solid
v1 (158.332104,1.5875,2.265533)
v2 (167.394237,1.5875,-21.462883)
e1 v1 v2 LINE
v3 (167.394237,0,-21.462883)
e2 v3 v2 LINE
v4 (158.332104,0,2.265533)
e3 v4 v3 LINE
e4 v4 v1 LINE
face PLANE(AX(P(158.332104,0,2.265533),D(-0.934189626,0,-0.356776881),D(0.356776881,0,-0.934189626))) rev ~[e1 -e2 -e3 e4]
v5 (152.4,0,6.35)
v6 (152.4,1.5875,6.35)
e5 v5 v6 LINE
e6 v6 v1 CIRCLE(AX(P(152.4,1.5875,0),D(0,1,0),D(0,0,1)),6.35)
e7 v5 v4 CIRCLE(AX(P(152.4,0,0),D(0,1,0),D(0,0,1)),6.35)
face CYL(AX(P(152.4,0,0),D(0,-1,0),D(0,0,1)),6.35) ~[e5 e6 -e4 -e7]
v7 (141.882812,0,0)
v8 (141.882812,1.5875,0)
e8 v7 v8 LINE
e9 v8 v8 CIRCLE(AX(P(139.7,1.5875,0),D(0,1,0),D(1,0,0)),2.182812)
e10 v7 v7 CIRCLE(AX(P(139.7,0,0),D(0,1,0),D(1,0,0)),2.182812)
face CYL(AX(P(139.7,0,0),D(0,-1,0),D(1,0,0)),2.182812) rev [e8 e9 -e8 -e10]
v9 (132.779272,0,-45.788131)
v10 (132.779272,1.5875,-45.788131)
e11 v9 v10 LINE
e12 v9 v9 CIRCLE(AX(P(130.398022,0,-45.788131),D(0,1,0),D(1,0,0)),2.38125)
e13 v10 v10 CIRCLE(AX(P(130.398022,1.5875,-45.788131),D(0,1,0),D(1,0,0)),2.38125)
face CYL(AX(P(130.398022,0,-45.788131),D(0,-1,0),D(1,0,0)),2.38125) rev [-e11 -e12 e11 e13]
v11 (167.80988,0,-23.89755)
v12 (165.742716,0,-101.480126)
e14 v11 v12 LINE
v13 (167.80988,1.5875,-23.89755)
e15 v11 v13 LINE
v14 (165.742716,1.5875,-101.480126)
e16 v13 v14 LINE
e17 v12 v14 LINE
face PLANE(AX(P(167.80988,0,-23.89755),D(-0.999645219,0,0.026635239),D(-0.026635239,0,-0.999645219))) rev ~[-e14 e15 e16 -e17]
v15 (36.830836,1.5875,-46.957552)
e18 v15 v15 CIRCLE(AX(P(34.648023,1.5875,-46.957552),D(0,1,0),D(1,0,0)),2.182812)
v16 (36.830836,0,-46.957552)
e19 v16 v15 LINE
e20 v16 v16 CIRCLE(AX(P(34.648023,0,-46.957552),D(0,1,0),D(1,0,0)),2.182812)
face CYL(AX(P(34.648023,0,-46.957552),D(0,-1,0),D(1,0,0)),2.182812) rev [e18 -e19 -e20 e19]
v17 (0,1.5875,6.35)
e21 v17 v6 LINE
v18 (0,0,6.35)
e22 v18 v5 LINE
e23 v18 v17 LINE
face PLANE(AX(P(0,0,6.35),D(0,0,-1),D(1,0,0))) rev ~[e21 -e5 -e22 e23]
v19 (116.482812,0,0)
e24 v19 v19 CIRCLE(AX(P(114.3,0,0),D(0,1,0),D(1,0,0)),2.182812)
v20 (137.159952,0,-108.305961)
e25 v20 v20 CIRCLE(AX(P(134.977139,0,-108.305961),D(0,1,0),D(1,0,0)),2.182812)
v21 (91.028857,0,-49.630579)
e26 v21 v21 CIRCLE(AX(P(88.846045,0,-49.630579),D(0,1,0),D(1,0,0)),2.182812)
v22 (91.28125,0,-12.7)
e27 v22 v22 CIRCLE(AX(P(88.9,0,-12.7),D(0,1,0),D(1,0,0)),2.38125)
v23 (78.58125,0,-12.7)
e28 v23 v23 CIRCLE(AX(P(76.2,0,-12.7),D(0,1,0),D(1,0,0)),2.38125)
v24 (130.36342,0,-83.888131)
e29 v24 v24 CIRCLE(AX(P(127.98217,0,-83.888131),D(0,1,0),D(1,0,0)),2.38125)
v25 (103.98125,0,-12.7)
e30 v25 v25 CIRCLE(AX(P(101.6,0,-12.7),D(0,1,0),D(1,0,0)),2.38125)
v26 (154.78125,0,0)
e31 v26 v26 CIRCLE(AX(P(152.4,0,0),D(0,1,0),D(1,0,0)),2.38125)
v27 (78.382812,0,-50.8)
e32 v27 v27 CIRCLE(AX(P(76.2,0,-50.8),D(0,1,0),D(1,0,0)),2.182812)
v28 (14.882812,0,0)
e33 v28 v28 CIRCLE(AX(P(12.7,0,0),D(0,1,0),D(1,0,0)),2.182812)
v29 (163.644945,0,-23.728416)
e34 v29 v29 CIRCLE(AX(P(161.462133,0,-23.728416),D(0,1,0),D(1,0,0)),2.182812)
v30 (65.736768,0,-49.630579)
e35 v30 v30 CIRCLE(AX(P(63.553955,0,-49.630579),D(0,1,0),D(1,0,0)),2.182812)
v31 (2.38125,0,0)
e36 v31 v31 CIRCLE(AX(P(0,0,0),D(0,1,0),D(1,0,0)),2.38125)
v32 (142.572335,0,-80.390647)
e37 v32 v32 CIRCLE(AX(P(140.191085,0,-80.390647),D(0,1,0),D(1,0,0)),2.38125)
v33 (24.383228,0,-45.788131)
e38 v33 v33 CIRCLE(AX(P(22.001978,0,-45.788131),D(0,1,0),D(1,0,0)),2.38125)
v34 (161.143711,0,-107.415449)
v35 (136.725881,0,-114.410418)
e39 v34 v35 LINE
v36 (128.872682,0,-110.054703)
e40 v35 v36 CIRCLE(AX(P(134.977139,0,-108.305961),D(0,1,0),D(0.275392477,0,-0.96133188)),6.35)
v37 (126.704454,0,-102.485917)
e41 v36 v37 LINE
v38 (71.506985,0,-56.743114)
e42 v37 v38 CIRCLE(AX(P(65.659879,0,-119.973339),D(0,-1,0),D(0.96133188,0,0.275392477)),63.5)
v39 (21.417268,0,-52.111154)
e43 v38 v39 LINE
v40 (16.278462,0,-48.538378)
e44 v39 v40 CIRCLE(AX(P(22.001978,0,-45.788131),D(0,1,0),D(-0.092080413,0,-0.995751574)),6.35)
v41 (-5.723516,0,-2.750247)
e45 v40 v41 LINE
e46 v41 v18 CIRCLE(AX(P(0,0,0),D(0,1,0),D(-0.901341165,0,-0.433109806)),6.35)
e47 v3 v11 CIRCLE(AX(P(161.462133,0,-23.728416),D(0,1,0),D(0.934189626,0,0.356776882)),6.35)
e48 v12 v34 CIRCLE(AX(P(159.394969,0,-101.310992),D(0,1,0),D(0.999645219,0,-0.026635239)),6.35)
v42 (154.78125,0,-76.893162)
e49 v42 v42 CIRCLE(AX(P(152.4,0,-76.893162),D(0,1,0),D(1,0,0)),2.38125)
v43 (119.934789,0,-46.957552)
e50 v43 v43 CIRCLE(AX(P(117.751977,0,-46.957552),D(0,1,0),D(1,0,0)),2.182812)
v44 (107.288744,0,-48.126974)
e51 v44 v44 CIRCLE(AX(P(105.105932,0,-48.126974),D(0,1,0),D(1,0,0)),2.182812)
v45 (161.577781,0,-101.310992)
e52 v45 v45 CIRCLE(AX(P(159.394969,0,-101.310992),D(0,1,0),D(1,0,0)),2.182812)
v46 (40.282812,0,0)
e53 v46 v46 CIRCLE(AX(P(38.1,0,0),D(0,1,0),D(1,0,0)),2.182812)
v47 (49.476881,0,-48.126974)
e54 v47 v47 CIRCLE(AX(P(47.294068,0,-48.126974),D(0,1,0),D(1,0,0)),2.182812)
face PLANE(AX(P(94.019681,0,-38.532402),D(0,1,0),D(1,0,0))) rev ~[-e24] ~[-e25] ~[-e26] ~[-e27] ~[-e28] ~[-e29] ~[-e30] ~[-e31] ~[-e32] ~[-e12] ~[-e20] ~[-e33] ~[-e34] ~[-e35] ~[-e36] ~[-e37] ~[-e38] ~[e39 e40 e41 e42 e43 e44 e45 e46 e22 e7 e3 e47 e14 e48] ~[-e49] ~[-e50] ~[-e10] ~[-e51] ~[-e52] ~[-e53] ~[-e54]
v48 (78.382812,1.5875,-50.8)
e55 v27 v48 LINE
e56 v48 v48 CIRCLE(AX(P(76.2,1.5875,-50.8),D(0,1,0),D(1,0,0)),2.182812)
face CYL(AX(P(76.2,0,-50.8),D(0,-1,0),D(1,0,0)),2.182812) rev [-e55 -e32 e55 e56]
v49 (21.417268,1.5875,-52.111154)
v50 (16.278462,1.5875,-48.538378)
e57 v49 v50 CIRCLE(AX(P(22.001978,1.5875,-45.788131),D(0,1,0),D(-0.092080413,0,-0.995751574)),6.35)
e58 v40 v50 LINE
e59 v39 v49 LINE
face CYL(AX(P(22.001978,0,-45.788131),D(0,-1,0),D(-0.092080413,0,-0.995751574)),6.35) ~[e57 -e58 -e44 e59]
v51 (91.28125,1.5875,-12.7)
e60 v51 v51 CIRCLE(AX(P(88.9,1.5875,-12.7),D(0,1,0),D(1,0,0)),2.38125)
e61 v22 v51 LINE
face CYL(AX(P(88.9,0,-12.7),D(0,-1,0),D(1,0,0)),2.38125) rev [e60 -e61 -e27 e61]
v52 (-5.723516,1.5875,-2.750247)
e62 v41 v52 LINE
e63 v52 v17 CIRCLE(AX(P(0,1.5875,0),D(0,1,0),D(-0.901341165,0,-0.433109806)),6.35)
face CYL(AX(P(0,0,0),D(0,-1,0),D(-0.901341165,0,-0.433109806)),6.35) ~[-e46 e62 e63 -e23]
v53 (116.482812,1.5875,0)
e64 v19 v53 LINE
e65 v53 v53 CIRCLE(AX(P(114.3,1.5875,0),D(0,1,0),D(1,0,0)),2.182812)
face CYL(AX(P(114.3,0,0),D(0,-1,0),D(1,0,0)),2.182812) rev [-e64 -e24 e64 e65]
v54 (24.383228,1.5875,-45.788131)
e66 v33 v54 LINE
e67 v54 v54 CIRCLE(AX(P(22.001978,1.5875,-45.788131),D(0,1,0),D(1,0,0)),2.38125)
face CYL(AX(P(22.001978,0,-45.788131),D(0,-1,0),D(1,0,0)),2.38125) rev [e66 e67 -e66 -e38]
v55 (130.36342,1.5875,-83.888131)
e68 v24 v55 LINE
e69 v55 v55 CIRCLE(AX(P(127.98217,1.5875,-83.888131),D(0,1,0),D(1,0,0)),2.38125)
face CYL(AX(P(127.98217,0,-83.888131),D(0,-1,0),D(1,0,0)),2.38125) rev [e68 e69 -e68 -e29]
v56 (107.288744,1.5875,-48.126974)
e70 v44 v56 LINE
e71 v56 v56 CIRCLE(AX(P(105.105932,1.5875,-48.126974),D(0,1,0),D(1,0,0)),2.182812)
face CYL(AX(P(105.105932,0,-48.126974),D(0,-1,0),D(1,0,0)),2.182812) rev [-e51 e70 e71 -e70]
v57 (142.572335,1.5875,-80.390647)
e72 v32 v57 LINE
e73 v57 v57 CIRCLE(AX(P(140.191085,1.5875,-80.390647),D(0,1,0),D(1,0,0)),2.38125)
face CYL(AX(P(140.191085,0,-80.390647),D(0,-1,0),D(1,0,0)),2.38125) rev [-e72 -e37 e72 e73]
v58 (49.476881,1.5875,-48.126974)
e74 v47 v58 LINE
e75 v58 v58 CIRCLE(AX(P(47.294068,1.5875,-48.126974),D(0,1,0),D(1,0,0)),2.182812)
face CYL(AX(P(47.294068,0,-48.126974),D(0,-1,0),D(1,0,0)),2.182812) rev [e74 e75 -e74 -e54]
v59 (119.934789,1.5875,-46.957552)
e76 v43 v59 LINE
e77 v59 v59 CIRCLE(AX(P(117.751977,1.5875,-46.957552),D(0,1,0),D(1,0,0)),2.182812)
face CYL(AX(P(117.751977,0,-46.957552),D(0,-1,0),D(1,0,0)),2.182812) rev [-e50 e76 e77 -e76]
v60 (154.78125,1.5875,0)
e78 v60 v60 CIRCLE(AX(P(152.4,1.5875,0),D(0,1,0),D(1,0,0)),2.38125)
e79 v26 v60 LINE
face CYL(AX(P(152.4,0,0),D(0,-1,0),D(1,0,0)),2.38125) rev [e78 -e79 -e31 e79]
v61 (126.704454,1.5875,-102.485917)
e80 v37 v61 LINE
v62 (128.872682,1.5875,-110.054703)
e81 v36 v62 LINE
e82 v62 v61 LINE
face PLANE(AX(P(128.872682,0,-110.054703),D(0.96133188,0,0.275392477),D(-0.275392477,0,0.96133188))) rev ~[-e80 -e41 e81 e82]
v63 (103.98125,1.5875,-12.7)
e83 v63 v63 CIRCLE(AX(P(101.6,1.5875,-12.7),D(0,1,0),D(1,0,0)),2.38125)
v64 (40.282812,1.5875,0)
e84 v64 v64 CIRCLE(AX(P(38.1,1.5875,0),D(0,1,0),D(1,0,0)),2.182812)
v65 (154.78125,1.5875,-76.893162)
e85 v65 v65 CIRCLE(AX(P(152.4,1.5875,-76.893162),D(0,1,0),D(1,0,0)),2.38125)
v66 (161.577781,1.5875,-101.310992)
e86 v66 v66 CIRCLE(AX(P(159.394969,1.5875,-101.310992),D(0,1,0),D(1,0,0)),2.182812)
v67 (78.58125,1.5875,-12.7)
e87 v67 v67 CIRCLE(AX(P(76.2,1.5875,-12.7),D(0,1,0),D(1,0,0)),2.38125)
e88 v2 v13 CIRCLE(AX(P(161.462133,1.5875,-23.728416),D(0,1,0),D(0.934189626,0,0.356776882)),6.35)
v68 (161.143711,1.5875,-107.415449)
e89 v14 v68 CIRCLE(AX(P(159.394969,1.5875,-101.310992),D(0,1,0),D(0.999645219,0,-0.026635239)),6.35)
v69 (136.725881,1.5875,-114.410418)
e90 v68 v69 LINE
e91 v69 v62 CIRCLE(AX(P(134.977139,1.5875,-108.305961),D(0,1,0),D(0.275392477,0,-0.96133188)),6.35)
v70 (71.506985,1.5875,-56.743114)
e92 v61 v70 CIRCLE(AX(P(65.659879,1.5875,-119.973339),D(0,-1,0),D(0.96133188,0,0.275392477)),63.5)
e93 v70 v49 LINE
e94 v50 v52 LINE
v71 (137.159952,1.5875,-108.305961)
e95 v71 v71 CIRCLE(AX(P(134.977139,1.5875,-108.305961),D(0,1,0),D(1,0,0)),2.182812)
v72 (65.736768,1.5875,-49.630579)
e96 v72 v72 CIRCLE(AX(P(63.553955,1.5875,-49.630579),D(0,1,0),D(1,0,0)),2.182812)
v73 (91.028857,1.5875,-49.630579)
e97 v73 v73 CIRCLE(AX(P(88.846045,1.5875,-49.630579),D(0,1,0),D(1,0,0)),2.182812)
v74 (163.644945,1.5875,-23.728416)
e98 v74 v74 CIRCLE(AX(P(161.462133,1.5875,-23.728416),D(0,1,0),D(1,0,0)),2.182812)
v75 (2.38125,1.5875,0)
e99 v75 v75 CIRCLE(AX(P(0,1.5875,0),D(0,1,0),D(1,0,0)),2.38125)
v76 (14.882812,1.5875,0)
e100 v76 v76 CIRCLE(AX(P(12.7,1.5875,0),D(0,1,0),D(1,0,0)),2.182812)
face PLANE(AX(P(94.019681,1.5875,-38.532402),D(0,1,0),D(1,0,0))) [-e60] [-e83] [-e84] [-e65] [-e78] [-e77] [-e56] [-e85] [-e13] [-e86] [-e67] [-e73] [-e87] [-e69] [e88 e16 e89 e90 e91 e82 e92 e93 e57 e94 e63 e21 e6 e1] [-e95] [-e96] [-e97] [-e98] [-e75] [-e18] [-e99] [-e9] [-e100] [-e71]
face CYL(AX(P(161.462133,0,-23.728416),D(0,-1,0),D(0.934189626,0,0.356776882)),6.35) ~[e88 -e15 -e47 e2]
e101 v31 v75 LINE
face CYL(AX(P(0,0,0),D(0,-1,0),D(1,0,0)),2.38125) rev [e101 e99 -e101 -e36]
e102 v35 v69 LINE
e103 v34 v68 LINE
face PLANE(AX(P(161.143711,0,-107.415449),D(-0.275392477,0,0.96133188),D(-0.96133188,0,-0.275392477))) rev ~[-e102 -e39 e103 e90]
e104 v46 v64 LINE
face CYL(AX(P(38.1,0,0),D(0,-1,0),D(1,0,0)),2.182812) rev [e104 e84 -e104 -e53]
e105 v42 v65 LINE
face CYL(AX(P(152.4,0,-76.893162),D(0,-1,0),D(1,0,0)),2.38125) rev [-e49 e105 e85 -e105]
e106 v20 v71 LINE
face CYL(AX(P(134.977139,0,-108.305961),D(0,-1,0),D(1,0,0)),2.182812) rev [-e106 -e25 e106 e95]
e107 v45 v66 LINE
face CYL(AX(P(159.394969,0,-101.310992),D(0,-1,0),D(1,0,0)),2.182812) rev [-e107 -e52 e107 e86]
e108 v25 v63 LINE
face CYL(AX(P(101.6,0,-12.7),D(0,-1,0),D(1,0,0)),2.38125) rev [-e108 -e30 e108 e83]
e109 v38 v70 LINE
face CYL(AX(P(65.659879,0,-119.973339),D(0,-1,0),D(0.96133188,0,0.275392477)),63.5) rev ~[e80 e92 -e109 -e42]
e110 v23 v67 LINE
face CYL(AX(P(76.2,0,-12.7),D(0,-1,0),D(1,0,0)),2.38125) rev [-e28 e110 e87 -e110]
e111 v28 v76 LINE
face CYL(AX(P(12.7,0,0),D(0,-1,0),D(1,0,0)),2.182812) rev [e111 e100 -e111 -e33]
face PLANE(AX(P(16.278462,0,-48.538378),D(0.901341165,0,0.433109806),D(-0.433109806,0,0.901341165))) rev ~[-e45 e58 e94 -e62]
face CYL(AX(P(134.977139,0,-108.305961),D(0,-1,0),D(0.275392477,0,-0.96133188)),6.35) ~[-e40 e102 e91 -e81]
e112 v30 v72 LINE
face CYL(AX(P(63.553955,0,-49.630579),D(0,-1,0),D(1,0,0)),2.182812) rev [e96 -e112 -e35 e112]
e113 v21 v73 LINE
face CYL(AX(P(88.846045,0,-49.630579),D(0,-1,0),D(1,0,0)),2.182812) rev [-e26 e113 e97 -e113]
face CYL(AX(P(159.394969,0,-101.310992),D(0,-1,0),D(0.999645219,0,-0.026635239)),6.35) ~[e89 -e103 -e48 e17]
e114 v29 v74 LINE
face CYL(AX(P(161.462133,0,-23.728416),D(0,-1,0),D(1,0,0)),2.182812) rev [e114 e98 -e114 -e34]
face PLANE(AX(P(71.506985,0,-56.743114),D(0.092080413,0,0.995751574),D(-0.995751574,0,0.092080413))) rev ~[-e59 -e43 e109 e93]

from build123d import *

# Parameters (mm, degrees)
SKETCH1_R           = 2.38125
SKETCH1_R_2         = 2.1828125
BOSS_EXTRUDE1_DEPTH = 1.5875


with BuildPart() as part:
    # Sketch1 → Boss-Extrude1 (new body)
    with BuildSketch(Plane(origin=(0, 0, 0), x_dir=(1, 0, 0), z_dir=(0, 1, 0))):
        with BuildLine():
            Line((0, -6.35), (152.4, -6.35))
            ThreePointArc((152.4, -6.35), (156.001136223, -5.230135553), (158.332104124, -2.265533197))
            Line((158.332104124, -2.265533197), (167.394236912, 21.462883297))
            ThreePointArc((167.394236912, 21.462883297), (167.721572666, 22.659813472), (167.809879929, 23.897550265))
            Line((167.809879929, 23.897550265), (165.742716066, 101.480125789))
            ThreePointArc((165.742716066, 101.480125789), (164.41446111, 105.200361917), (161.143711156, 107.415449457))
            Line((161.143711156, 107.415449457), (136.725881406, 114.410418382))
            ThreePointArc((136.725881406, 114.410418382), (131.897183415, 113.859011684), (128.872681737, 110.054703175))
            Line((128.872681737, 110.054703175), (126.704453603, 102.48591681))
            ThreePointArc((126.704453603, 102.48591681), (106.178087881, 71.080346093), (71.506985471, 56.743114162))
            Line((71.506985471, 56.743114162), (21.41726751, 52.111153689))
            ThreePointArc((21.41726751, 52.111153689), (18.377117757, 51.001852249), (16.278461735, 48.53837846))
            Line((16.278461735, 48.53837846), (-5.723516399, 2.750247267))
            ThreePointArc((-5.723516399, 2.750247267), (-5.375247443, -3.380712192), (0, -6.35))
        make_face()
        Circle(SKETCH1_R, mode=Mode.SUBTRACT)
        with Locations((22.001978134, 45.788131193)):
            Circle(SKETCH1_R, mode=Mode.SUBTRACT)
        with Locations((76.2, 12.7)):
            Circle(SKETCH1_R, mode=Mode.SUBTRACT)
        with Locations((130.398021866, 45.788131193)):
            Circle(SKETCH1_R, mode=Mode.SUBTRACT)
        with Locations((152.4, 0)):
            Circle(SKETCH1_R, mode=Mode.SUBTRACT)
        with Locations((76.2, 50.8)):
            Circle(SKETCH1_R_2, mode=Mode.SUBTRACT)
        with Locations((63.553955008, 49.630578751)):
            Circle(SKETCH1_R_2, mode=Mode.SUBTRACT)
        with Locations((88.846044992, 49.630578751)):
            Circle(SKETCH1_R_2, mode=Mode.SUBTRACT)
        with Locations((117.751976873, 46.957552442)):
            Circle(SKETCH1_R_2, mode=Mode.SUBTRACT)
        with Locations((105.105931881, 48.126973691)):
            Circle(SKETCH1_R_2, mode=Mode.SUBTRACT)
        with Locations((34.648023127, 46.957552442)):
            Circle(SKETCH1_R_2, mode=Mode.SUBTRACT)
        with Locations((47.294068119, 48.126973691)):
            Circle(SKETCH1_R_2, mode=Mode.SUBTRACT)
        with Locations((152.4, 76.893162268)):
            Circle(SKETCH1_R, mode=Mode.SUBTRACT)
        with Locations((127.982170249, 83.888131193)):
            Circle(SKETCH1_R, mode=Mode.SUBTRACT)
        with Locations((140.191085125, 80.390646731)):
            Circle(SKETCH1_R, mode=Mode.SUBTRACT)
        with Locations((134.977139174, 108.305960944)):
            Circle(SKETCH1_R_2, mode=Mode.SUBTRACT)
        with Locations((159.394968925, 101.310992019)):
            Circle(SKETCH1_R_2, mode=Mode.SUBTRACT)
        with Locations((161.462132788, 23.728416494)):
            Circle(SKETCH1_R_2, mode=Mode.SUBTRACT)
        with Locations((12.7, 0)):
            Circle(SKETCH1_R_2, mode=Mode.SUBTRACT)
        with Locations((38.1, 0)):
            Circle(SKETCH1_R_2, mode=Mode.SUBTRACT)
        with Locations((101.6, 12.7)):
            Circle(SKETCH1_R, mode=Mode.SUBTRACT)
        with Locations((88.9, 12.7)):
            Circle(SKETCH1_R, mode=Mode.SUBTRACT)
        with Locations((139.7, 0)):
            Circle(SKETCH1_R_2, mode=Mode.SUBTRACT)
        with Locations((114.3, 0)):
            Circle(SKETCH1_R_2, mode=Mode.SUBTRACT)
    extrude(amount=BOSS_EXTRUDE1_DEPTH)


solid = part.part
